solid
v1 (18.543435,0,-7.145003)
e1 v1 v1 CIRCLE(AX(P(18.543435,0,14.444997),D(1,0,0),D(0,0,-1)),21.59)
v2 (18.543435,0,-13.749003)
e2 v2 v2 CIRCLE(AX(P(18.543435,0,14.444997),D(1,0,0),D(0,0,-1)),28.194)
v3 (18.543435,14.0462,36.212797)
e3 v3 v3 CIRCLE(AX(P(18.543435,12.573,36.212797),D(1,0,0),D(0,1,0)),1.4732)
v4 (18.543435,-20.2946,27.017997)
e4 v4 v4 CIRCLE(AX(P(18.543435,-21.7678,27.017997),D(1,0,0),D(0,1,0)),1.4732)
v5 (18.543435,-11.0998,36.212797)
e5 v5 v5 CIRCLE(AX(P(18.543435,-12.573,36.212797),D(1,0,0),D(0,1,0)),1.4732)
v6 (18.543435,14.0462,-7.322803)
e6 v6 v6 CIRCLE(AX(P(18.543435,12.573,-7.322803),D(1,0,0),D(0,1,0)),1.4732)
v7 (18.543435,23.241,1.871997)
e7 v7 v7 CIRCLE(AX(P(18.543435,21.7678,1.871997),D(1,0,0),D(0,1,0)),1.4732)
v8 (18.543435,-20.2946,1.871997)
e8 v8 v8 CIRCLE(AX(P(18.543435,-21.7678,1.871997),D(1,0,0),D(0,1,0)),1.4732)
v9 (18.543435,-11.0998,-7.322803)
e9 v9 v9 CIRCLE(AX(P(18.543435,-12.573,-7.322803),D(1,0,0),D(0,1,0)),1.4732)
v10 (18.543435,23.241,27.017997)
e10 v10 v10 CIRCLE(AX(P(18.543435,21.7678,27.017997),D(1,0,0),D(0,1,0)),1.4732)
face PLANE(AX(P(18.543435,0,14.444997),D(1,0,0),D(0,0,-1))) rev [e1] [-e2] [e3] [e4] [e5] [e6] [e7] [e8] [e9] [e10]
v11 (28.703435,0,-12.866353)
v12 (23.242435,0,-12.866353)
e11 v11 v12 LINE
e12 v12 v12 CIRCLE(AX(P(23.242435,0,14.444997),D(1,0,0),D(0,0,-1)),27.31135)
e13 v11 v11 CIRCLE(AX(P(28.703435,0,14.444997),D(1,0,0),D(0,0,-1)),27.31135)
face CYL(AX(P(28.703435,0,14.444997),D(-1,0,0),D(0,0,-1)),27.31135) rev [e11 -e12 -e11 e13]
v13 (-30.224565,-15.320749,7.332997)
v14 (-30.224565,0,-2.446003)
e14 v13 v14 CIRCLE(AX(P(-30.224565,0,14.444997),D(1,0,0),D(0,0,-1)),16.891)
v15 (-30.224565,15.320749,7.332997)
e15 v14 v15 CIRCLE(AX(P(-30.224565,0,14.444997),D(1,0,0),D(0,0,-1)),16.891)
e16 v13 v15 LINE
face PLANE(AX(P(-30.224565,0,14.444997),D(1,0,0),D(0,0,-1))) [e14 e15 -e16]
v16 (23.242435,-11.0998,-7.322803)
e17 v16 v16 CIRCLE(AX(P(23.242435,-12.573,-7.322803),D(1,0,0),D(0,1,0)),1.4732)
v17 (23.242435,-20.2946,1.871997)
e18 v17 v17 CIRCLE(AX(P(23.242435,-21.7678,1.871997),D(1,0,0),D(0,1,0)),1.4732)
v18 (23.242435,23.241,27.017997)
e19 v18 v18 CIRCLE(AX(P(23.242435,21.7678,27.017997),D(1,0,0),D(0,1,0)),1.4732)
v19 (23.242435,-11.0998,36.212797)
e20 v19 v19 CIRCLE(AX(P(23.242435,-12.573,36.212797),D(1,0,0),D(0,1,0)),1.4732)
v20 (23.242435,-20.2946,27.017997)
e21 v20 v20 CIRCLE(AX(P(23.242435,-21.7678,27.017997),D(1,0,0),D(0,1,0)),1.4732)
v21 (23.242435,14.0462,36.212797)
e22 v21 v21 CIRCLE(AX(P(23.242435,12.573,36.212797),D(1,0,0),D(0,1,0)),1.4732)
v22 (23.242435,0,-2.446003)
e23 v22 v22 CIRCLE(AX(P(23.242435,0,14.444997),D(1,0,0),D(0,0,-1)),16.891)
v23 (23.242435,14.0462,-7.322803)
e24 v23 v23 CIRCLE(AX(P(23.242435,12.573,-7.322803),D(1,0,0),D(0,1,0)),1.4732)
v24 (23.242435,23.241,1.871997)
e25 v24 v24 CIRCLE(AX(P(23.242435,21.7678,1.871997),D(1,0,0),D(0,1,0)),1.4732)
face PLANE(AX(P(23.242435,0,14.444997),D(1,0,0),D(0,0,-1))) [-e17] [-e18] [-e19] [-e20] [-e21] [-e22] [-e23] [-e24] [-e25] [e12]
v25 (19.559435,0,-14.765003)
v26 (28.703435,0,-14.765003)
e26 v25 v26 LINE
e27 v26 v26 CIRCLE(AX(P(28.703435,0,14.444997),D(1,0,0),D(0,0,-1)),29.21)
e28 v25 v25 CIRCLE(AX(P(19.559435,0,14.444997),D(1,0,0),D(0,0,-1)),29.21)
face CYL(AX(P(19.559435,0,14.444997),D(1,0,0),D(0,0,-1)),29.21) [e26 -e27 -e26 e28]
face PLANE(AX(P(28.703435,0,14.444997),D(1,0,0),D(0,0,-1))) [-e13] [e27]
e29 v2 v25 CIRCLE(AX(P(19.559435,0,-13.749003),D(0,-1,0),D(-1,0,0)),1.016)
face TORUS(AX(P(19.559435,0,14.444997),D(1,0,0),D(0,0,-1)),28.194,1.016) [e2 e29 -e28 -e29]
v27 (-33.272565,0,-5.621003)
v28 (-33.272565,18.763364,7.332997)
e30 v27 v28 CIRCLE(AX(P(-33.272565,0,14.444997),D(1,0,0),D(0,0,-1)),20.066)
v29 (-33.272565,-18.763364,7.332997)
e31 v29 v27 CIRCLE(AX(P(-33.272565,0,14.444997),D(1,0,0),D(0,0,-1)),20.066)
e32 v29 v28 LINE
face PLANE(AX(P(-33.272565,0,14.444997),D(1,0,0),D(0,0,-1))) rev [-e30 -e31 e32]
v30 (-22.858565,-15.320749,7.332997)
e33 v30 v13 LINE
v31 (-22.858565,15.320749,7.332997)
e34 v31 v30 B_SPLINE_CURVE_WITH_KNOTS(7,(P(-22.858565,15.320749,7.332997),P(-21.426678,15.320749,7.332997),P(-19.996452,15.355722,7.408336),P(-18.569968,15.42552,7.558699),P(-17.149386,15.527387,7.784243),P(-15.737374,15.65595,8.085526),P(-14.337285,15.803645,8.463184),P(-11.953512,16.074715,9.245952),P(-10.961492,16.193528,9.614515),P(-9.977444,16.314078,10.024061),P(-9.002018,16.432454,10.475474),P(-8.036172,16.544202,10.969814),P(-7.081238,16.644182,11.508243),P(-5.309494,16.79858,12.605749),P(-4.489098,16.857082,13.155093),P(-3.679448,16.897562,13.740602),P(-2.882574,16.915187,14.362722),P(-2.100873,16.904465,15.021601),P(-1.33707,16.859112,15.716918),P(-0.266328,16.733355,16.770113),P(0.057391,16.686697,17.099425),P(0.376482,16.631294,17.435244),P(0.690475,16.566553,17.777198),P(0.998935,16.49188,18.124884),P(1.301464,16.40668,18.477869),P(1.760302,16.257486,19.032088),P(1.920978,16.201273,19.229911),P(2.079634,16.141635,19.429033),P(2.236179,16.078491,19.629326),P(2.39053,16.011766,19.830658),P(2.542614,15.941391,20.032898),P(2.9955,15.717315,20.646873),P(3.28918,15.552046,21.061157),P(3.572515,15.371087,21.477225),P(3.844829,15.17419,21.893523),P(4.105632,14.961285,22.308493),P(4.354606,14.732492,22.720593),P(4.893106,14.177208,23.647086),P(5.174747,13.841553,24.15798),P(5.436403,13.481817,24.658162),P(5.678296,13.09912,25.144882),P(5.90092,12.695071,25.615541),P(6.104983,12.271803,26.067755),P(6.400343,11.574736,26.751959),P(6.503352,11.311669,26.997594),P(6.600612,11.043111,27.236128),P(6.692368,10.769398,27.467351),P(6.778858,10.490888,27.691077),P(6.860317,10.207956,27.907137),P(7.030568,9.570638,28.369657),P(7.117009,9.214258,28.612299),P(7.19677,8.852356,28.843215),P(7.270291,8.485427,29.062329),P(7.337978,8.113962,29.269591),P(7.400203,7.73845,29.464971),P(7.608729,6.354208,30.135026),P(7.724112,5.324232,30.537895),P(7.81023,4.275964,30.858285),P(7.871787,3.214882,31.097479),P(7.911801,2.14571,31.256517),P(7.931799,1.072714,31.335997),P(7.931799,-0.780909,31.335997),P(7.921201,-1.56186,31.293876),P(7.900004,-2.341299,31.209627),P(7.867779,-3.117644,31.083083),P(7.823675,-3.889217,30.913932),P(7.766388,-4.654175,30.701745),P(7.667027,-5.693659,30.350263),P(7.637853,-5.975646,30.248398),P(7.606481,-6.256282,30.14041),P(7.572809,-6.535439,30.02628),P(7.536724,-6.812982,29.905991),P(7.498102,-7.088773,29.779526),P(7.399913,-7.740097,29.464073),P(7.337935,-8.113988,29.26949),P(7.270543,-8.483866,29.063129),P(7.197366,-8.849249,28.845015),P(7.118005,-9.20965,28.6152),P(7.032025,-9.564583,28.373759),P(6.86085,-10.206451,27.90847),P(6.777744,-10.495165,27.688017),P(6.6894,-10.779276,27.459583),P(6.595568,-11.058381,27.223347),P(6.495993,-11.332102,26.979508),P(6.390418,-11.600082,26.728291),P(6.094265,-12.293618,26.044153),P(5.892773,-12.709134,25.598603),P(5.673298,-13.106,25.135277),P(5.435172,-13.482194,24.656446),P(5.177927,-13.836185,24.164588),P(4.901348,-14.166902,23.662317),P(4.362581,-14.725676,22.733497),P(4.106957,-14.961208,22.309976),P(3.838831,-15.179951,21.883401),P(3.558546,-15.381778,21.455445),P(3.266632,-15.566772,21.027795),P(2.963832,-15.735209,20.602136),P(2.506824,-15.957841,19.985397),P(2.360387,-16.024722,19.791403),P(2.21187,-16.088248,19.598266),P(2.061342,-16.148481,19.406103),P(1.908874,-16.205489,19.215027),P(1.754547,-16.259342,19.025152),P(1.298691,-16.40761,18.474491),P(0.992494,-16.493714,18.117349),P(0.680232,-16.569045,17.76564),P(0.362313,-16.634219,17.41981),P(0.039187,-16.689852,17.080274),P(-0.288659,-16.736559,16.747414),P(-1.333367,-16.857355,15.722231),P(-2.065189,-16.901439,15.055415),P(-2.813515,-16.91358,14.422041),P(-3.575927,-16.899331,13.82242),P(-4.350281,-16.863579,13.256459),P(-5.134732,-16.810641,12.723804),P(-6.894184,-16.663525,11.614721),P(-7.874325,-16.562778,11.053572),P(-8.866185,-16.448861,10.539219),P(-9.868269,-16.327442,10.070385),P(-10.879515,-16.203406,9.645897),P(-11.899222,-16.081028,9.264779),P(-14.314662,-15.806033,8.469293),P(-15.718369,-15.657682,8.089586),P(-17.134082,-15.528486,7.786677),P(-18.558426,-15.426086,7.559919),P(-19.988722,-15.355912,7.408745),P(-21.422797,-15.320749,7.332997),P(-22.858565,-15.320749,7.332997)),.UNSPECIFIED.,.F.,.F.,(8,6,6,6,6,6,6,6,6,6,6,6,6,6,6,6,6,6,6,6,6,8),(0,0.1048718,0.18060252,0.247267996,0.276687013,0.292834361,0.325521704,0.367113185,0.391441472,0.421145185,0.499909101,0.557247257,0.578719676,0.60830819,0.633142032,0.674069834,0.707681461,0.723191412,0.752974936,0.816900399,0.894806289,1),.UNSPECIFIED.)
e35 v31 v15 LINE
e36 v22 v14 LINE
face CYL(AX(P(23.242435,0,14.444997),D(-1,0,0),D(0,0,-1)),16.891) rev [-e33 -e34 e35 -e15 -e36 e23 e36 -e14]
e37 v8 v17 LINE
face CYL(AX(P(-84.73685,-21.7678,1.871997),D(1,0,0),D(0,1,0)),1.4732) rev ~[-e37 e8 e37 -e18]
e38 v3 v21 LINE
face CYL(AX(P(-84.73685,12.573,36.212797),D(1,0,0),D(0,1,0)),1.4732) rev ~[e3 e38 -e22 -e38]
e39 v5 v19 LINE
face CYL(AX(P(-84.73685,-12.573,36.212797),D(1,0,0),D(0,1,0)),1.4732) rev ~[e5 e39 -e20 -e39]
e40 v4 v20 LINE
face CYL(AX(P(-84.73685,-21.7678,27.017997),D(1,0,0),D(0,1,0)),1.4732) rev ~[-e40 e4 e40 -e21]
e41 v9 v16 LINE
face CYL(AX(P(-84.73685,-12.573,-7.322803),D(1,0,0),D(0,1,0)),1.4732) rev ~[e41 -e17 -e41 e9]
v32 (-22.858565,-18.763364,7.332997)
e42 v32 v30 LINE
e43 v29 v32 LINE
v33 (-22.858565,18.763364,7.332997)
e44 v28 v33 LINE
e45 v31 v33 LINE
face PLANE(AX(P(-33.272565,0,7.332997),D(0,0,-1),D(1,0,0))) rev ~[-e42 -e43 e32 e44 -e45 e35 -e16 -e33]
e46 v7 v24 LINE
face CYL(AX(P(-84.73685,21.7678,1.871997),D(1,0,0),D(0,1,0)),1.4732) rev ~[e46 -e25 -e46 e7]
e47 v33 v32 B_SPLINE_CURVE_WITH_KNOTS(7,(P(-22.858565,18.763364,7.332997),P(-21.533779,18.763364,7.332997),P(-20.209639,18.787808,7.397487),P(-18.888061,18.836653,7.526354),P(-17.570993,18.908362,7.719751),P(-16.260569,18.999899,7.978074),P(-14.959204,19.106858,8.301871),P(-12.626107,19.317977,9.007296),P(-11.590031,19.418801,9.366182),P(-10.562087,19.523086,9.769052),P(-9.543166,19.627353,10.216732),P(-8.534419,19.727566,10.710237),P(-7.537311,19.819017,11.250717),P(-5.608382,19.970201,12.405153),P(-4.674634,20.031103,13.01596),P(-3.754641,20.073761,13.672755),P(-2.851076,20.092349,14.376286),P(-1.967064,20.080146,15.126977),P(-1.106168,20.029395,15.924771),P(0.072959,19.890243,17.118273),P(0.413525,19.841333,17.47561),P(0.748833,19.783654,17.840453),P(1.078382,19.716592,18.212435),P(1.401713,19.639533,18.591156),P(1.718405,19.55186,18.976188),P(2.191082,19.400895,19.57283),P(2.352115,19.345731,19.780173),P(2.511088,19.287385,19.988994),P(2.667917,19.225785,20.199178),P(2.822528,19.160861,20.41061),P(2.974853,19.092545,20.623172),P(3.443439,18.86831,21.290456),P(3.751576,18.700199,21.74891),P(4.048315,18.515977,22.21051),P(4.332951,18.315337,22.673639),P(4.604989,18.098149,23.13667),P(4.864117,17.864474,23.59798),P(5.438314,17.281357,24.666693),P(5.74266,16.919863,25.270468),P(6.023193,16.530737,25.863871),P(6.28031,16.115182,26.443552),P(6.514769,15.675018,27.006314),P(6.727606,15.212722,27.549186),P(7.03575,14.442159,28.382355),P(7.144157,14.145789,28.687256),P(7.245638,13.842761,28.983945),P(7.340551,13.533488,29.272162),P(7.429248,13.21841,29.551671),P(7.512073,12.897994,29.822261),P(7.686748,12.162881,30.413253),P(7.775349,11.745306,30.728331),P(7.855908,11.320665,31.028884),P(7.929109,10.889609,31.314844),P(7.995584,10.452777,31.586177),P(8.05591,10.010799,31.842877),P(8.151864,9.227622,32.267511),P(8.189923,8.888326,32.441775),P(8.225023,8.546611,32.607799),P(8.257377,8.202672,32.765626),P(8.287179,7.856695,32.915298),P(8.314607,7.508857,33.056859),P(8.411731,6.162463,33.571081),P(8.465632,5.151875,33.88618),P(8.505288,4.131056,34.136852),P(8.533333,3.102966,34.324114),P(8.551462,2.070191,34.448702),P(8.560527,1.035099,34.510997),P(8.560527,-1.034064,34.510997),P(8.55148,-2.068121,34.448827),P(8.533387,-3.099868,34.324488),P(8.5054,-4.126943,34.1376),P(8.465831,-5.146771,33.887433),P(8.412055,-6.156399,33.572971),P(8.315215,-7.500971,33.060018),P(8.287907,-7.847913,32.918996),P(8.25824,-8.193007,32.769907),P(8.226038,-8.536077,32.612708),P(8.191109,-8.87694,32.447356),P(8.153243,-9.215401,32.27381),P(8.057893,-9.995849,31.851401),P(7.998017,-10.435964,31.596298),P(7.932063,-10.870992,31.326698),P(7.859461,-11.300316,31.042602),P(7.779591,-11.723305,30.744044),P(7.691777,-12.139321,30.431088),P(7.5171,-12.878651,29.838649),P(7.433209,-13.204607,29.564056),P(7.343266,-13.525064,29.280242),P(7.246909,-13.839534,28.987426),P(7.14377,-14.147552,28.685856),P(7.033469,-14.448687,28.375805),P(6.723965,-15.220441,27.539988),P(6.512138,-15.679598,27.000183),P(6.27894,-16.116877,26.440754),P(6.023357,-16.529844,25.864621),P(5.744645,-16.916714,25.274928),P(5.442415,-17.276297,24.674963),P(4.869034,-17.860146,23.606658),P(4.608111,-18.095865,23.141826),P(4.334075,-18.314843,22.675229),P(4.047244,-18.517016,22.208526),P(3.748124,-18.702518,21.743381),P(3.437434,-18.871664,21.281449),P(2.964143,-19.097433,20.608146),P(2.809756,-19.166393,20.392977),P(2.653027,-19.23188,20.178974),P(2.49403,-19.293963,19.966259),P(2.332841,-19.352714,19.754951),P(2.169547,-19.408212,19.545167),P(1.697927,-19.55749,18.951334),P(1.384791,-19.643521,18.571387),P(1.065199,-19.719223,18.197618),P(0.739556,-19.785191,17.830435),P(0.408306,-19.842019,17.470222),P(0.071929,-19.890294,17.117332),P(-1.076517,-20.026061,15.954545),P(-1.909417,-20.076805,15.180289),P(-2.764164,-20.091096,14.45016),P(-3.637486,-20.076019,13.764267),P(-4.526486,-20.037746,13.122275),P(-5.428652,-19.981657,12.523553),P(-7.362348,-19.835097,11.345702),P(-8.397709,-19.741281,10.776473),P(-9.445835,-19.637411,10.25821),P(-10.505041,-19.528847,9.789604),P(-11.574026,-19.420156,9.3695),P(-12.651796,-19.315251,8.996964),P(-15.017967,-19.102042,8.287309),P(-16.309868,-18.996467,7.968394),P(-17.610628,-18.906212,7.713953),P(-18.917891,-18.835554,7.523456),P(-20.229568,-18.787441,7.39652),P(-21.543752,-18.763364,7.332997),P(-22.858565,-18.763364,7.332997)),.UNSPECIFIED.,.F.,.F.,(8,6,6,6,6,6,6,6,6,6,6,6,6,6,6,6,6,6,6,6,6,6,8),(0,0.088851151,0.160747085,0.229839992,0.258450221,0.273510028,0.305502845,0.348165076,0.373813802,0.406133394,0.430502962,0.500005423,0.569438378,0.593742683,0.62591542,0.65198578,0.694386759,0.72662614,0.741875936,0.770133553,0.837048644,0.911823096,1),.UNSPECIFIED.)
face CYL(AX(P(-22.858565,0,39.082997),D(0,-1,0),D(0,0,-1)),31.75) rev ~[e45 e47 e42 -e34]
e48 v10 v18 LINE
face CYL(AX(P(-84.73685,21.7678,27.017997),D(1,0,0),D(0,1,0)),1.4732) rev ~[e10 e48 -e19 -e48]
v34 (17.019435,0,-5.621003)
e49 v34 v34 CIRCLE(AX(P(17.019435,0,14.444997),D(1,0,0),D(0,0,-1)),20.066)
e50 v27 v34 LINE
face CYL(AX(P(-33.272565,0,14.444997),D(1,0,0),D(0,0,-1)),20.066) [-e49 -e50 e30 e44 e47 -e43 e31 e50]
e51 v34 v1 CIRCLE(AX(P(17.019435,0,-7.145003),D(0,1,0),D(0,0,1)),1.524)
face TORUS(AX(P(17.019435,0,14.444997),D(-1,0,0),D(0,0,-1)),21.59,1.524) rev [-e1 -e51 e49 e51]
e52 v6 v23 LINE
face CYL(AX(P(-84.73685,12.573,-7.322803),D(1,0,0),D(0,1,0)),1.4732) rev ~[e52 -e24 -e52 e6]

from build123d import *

# Parameters (mm, degrees)
F3_DEPTH = 29.0322
F5_D     = 2.9464


with BuildPart() as f1:
    # F0 (on Front) → F1 (revolve)
    with BuildSketch(Plane.XZ):
        with BuildLine():
            Line((-33.2725646531, 12.9185590085), (-33.2725646531, -5.6210034922))
            Line((-33.2725646531, -5.6210034922), (17.0194353469, -5.6210034922))
            ThreePointArc((17.0194353469, -5.6210034922), (18.0970660814, -6.0673727577), (18.5434353469, -7.1450034922))
            Line((18.5434353469, -7.1450034922), (18.5434353469, -13.7490034922))
            ThreePointArc((18.5434353469, -13.7490034922), (18.8410148572, -14.4674239819), (19.5594353469, -14.7650034922))
            Line((19.5594353469, -14.7650034922), (28.7034353469, -14.7650034922))
            Line((28.7034353469, -14.7650034922), (28.7034353469, -12.8663534922))
            Line((28.7034353469, -12.8663534922), (23.2424353469, -12.8663534922))
            Line((23.2424353469, -12.8663534922), (23.2424353469, -2.4460034922))
            Line((23.2424353469, -2.4460034922), (-30.2245646531, -2.4460034922))
            Line((-30.2245646531, -2.4460034922), (-30.2245646531, 12.9185590085))
            Line((-30.2245646531, 12.9185590085), (-33.2725646531, 12.9185590085))
        make_face()
    revolve(axis=Axis((-6.179202348, 0, 14.4449965078), (1, 0, 0)))

    # F2 (on Front) → F3 (cut, symmetric)
    with BuildSketch(Plane.XZ):
        with BuildLine():
            Line((8.8914353469, 39.0829965078), (8.8914353469, 42.0824922621))
            Line((8.8914353469, 42.0824922621), (-33.2725646531, 42.0824922621))
            Line((-33.2725646531, 42.0824922621), (-33.2725646531, 34.5109965078))
            Line((-33.2725646531, 34.5109965078), (-33.2725646531, 7.3329965078))
            Line((-33.2725646531, 7.3329965078), (-22.8585646531, 7.3329965078))
            ThreePointArc((-22.8585646531, 7.3329965078), (-0.4079243504, 16.6323562051), (8.8914353469, 39.0829965078))
        make_face()
    extrude(amount=F3_DEPTH, both=True, mode=Mode.SUBTRACT)

    # F5 (through all)
    with Locations(Plane(origin=(18.5434353469, 0, 0), x_dir=(0, -1, 0), z_dir=(-1, 0, 0))):
        with Locations((12.573, 36.2127965078), (21.7678, 27.0179965078), (-12.573, 36.2127965078), (-21.7678, 27.0179965078), (21.7678, 1.8719965078), (12.573, -7.3228034922), (-12.573, -7.3228034922), (-21.7678, 1.8719965078)):
            Hole(F5_D / 2)


solid = f1.part
